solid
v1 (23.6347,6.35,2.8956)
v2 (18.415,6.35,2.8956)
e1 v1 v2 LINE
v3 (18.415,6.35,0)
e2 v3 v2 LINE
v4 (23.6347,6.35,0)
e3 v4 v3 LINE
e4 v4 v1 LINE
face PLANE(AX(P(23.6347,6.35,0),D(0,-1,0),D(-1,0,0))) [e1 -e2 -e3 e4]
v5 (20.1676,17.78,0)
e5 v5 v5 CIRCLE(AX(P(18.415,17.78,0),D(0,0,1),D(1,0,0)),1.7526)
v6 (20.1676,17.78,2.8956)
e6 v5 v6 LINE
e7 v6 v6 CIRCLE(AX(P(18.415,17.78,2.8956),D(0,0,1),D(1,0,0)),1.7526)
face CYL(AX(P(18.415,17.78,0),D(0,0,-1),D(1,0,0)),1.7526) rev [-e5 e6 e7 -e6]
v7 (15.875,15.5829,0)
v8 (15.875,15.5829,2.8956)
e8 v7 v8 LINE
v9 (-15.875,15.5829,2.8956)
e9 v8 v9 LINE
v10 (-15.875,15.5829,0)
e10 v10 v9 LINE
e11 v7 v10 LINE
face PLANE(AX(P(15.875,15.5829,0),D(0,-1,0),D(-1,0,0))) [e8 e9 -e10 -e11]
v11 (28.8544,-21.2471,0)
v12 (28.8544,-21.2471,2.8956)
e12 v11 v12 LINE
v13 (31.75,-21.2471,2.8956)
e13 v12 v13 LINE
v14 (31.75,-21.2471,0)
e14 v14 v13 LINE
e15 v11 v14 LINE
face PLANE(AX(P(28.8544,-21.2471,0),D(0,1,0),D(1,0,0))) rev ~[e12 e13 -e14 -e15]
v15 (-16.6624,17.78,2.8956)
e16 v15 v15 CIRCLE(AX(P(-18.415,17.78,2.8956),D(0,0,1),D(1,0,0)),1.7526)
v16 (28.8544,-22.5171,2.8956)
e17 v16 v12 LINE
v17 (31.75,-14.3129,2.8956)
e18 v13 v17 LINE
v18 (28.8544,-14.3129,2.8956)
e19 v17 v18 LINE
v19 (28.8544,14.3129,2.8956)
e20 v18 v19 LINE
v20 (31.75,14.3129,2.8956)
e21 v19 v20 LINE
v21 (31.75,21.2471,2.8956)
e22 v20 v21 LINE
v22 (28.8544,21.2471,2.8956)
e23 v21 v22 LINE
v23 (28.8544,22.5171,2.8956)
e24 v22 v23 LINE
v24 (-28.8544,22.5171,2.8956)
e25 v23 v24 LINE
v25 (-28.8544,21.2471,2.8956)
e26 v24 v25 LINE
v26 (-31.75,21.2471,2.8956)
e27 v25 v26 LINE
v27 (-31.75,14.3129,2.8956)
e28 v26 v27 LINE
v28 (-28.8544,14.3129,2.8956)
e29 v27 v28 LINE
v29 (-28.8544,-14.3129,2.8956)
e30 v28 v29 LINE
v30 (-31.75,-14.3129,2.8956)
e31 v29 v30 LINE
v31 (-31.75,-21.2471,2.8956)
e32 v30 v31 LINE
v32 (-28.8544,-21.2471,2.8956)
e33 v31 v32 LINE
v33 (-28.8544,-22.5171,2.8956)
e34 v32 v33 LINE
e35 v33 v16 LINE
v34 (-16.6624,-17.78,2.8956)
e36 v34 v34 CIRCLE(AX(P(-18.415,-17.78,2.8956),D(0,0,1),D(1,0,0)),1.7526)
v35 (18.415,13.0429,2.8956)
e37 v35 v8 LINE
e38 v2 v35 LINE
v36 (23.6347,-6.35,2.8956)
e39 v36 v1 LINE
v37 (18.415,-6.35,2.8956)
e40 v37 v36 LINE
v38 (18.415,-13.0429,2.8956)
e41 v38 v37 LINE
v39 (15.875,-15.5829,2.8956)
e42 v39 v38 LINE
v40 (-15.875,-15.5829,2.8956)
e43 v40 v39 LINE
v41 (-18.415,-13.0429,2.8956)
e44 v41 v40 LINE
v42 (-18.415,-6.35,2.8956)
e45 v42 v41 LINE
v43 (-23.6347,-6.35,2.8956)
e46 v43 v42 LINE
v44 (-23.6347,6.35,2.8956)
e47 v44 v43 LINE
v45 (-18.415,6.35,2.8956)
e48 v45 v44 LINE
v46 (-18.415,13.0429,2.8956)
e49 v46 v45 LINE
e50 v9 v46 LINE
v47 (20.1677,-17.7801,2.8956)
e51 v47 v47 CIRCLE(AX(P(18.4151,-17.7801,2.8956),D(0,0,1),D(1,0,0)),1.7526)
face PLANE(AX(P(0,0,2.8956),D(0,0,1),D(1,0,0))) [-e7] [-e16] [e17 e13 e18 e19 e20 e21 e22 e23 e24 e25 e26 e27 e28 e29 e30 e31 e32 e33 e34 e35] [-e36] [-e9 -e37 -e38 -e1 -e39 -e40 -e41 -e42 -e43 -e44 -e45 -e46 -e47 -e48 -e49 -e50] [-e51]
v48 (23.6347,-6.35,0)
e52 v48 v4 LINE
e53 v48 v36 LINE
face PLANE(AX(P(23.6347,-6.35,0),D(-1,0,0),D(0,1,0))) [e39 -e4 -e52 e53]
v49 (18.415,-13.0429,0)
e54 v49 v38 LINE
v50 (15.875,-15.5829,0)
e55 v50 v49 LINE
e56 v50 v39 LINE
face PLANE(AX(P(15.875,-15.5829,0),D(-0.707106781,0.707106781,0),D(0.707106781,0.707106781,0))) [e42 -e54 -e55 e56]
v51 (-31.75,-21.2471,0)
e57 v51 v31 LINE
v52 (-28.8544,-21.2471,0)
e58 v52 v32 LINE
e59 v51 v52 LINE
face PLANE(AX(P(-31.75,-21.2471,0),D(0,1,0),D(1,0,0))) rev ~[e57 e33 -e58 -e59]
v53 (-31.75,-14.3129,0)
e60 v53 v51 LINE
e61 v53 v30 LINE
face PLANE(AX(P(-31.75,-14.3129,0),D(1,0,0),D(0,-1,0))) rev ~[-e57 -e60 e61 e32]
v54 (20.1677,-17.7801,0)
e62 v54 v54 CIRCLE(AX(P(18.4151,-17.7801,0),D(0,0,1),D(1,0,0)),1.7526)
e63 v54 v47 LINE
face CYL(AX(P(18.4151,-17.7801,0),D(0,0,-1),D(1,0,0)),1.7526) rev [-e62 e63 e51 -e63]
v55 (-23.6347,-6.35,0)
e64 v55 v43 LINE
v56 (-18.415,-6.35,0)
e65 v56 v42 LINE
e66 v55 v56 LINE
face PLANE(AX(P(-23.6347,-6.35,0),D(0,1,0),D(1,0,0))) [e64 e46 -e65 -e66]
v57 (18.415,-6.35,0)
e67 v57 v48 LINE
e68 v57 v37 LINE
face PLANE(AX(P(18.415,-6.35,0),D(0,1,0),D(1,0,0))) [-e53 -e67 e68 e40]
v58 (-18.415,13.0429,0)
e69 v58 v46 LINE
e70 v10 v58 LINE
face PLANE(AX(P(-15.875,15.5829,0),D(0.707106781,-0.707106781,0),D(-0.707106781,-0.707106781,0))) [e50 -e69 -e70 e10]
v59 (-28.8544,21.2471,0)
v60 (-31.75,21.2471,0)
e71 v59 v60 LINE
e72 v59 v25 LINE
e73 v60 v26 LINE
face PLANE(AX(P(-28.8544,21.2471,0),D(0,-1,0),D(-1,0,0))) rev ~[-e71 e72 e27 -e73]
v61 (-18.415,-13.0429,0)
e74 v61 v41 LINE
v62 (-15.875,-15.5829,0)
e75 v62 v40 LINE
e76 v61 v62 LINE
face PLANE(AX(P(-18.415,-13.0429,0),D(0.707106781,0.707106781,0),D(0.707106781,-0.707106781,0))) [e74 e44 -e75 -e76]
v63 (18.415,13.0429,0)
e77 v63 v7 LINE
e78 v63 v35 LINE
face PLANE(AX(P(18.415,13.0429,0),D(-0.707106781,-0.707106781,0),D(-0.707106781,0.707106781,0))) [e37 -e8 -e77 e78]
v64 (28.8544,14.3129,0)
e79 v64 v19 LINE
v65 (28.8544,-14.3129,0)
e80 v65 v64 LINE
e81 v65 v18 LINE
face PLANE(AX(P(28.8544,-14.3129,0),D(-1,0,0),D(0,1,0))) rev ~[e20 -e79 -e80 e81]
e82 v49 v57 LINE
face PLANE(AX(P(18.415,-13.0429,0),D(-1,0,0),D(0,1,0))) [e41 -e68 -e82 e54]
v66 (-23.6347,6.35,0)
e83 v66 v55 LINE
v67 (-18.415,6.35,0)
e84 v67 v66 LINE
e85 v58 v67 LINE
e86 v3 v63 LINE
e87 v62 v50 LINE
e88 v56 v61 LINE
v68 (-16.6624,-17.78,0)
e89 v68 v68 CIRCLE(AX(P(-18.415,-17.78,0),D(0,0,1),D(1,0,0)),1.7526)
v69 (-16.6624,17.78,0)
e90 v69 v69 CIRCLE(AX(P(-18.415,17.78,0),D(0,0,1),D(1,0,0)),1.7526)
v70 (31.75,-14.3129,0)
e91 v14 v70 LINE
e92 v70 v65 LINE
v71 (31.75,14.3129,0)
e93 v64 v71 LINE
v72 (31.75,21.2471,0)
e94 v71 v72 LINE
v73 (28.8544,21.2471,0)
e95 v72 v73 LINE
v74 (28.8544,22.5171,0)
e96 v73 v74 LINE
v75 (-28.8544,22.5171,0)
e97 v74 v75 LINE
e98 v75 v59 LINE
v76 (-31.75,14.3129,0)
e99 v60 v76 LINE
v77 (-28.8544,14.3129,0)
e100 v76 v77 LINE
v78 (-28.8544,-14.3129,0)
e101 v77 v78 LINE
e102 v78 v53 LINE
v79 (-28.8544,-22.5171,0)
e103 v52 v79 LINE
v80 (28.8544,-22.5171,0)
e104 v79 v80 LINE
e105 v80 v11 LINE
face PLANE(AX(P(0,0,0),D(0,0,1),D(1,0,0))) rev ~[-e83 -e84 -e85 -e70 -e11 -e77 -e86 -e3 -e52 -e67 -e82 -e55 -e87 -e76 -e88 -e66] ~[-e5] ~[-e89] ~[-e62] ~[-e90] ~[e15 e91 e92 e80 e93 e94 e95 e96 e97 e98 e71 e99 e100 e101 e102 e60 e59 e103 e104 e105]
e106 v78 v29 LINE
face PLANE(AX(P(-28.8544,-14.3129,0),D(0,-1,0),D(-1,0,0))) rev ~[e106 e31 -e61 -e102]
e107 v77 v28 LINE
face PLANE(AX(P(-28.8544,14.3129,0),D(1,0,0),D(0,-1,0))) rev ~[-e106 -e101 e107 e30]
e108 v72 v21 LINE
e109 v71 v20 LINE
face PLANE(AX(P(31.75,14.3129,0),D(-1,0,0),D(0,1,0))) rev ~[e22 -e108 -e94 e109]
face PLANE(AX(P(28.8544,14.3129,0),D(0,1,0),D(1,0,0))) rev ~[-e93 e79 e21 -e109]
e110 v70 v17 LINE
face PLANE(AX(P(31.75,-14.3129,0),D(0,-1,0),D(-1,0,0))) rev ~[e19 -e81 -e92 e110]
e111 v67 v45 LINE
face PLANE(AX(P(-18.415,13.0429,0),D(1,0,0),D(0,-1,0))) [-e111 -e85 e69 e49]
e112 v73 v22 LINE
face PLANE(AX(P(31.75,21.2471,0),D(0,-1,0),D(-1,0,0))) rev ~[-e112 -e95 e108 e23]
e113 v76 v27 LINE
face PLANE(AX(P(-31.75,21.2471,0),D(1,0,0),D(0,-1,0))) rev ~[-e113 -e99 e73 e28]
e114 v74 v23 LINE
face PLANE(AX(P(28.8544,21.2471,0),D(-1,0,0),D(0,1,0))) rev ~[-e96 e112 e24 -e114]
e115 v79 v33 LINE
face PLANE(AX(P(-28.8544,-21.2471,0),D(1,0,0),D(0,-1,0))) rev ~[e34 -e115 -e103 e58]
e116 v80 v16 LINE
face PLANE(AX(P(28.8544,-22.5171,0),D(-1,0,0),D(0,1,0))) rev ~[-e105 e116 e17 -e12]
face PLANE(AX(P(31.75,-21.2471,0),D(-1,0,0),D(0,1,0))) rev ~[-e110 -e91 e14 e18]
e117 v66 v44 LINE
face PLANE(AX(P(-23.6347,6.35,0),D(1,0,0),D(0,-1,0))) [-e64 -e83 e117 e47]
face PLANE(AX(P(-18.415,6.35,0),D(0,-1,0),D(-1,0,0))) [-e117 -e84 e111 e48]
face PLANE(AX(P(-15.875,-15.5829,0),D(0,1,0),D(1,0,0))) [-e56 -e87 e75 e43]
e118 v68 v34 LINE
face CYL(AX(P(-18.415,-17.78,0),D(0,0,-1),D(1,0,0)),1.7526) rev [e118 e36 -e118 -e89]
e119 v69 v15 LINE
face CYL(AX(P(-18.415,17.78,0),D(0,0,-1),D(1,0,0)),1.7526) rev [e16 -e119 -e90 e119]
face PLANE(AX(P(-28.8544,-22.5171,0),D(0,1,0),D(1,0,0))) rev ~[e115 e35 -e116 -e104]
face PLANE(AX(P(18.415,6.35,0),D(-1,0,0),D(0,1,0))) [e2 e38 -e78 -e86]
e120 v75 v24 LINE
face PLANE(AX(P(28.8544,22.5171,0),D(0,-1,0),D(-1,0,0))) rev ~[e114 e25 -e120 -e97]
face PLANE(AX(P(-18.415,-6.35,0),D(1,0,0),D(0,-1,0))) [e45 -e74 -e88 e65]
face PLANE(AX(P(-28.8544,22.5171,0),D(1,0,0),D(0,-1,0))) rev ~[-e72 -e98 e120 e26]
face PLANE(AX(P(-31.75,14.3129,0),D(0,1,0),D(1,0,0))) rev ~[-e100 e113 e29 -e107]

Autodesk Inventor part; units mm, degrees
ref_plane "YZ Plane" through (0, 0, 0) normal (1, 0, 0) x (0, 1, 0)
ref_plane "XZ Plane" through (0, 0, 0) normal (0, 1, 0) x (-1, 0, 0)
ref_plane "XY Plane" through (0, 0, 0) normal (0, 0, 1) x (1, 0, 0)
sketch "Sketch1" plane through (0, 0, 0) normal (0, 0, 1) x (1, 0, 0)
  line L0 (-31.75, -21.2471) -> (-28.8544, -21.2471)
  line L1 (-28.8544, -21.2471) -> (-28.8544, -22.5171)
  line L2 (-28.8544, -22.5171) -> (28.8544, -22.5171)
  line L3 (28.8544, -22.5171) -> (28.8544, -21.2471)
  line L4 (28.8544, -21.2471) -> (31.75, -21.2471)
  line L5 (31.75, -21.2471) -> (31.75, -14.3129)
  line L6 (31.75, -14.3129) -> (28.8544, -14.3129)
  line L7 (28.8544, -14.3129) -> (28.8544, 14.3129)
  line L8 (28.8544, 14.3129) -> (31.75, 14.3129)
  line L9 (31.75, 14.3129) -> (31.75, 21.2471)
  line L10 (31.75, 21.2471) -> (28.8544, 21.2471)
  line L11 (28.8544, 21.2471) -> (28.8544, 22.5171)
  line L12 (28.8544, 22.5171) -> (-28.8544, 22.5171)
  line L13 (-28.8544, 22.5171) -> (-28.8544, 21.2471)
  line L14 (-28.8544, 21.2471) -> (-31.75, 21.2471)
  line L15 (-31.75, 21.2471) -> (-31.75, 14.3129)
  line L16 (-31.75, 14.3129) -> (-28.8544, 14.3129)
  line L17 (-28.8544, 14.3129) -> (-28.8544, -14.3129)
  line L18 (-28.8544, -14.3129) -> (-31.75, -14.3129)
  line L19 (-31.75, -14.3129) -> (-31.75, -21.2471)
  line L20 (18.415, -6.35) -> (23.6347, -6.35)
  line L21 (23.6347, -6.35) -> (23.6347, 6.35)
  line L22 (23.6347, 6.35) -> (18.415, 6.35)
  line L23 (18.415, 6.35) -> (18.415, 13.0429)
  line L24 (18.415, 13.0429) -> (15.875, 15.5829)
  line L25 (15.875, 15.5829) -> (-15.875, 15.5829)
  line L26 (-15.875, 15.5829) -> (-18.415, 13.0429)
  line L27 (-18.415, 13.0429) -> (-18.415, 6.35)
  line L28 (-18.415, 6.35) -> (-23.6347, 6.35)
  line L29 (-23.6347, 6.35) -> (-23.6347, -6.35)
  line L30 (-23.6347, -6.35) -> (-18.415, -6.35)
  line L31 (-18.415, -6.35) -> (-18.415, -13.0429)
  line L32 (-18.415, -13.0429) -> (-15.875, -15.5829)
  line L33 (-15.875, -15.5829) -> (15.875, -15.5829)
  line L34 (15.875, -15.5829) -> (18.415, -13.0429)
  line L35 (18.415, -13.0429) -> (18.415, -6.35)
  circle A0 centre (18.4151, -17.7801) radius 1.7526
  circle A1 centre (-18.415, 17.78) radius 1.7526
  circle A2 centre (-18.415, -17.78) radius 1.7526
  circle A3 centre (18.415, 17.78) radius 1.7526
extrude "Extrusion1" add sketch "Sketch1" along normal blind 2.8956
properties part number "pcb_mount" material "Polycarbonate, Clear"
